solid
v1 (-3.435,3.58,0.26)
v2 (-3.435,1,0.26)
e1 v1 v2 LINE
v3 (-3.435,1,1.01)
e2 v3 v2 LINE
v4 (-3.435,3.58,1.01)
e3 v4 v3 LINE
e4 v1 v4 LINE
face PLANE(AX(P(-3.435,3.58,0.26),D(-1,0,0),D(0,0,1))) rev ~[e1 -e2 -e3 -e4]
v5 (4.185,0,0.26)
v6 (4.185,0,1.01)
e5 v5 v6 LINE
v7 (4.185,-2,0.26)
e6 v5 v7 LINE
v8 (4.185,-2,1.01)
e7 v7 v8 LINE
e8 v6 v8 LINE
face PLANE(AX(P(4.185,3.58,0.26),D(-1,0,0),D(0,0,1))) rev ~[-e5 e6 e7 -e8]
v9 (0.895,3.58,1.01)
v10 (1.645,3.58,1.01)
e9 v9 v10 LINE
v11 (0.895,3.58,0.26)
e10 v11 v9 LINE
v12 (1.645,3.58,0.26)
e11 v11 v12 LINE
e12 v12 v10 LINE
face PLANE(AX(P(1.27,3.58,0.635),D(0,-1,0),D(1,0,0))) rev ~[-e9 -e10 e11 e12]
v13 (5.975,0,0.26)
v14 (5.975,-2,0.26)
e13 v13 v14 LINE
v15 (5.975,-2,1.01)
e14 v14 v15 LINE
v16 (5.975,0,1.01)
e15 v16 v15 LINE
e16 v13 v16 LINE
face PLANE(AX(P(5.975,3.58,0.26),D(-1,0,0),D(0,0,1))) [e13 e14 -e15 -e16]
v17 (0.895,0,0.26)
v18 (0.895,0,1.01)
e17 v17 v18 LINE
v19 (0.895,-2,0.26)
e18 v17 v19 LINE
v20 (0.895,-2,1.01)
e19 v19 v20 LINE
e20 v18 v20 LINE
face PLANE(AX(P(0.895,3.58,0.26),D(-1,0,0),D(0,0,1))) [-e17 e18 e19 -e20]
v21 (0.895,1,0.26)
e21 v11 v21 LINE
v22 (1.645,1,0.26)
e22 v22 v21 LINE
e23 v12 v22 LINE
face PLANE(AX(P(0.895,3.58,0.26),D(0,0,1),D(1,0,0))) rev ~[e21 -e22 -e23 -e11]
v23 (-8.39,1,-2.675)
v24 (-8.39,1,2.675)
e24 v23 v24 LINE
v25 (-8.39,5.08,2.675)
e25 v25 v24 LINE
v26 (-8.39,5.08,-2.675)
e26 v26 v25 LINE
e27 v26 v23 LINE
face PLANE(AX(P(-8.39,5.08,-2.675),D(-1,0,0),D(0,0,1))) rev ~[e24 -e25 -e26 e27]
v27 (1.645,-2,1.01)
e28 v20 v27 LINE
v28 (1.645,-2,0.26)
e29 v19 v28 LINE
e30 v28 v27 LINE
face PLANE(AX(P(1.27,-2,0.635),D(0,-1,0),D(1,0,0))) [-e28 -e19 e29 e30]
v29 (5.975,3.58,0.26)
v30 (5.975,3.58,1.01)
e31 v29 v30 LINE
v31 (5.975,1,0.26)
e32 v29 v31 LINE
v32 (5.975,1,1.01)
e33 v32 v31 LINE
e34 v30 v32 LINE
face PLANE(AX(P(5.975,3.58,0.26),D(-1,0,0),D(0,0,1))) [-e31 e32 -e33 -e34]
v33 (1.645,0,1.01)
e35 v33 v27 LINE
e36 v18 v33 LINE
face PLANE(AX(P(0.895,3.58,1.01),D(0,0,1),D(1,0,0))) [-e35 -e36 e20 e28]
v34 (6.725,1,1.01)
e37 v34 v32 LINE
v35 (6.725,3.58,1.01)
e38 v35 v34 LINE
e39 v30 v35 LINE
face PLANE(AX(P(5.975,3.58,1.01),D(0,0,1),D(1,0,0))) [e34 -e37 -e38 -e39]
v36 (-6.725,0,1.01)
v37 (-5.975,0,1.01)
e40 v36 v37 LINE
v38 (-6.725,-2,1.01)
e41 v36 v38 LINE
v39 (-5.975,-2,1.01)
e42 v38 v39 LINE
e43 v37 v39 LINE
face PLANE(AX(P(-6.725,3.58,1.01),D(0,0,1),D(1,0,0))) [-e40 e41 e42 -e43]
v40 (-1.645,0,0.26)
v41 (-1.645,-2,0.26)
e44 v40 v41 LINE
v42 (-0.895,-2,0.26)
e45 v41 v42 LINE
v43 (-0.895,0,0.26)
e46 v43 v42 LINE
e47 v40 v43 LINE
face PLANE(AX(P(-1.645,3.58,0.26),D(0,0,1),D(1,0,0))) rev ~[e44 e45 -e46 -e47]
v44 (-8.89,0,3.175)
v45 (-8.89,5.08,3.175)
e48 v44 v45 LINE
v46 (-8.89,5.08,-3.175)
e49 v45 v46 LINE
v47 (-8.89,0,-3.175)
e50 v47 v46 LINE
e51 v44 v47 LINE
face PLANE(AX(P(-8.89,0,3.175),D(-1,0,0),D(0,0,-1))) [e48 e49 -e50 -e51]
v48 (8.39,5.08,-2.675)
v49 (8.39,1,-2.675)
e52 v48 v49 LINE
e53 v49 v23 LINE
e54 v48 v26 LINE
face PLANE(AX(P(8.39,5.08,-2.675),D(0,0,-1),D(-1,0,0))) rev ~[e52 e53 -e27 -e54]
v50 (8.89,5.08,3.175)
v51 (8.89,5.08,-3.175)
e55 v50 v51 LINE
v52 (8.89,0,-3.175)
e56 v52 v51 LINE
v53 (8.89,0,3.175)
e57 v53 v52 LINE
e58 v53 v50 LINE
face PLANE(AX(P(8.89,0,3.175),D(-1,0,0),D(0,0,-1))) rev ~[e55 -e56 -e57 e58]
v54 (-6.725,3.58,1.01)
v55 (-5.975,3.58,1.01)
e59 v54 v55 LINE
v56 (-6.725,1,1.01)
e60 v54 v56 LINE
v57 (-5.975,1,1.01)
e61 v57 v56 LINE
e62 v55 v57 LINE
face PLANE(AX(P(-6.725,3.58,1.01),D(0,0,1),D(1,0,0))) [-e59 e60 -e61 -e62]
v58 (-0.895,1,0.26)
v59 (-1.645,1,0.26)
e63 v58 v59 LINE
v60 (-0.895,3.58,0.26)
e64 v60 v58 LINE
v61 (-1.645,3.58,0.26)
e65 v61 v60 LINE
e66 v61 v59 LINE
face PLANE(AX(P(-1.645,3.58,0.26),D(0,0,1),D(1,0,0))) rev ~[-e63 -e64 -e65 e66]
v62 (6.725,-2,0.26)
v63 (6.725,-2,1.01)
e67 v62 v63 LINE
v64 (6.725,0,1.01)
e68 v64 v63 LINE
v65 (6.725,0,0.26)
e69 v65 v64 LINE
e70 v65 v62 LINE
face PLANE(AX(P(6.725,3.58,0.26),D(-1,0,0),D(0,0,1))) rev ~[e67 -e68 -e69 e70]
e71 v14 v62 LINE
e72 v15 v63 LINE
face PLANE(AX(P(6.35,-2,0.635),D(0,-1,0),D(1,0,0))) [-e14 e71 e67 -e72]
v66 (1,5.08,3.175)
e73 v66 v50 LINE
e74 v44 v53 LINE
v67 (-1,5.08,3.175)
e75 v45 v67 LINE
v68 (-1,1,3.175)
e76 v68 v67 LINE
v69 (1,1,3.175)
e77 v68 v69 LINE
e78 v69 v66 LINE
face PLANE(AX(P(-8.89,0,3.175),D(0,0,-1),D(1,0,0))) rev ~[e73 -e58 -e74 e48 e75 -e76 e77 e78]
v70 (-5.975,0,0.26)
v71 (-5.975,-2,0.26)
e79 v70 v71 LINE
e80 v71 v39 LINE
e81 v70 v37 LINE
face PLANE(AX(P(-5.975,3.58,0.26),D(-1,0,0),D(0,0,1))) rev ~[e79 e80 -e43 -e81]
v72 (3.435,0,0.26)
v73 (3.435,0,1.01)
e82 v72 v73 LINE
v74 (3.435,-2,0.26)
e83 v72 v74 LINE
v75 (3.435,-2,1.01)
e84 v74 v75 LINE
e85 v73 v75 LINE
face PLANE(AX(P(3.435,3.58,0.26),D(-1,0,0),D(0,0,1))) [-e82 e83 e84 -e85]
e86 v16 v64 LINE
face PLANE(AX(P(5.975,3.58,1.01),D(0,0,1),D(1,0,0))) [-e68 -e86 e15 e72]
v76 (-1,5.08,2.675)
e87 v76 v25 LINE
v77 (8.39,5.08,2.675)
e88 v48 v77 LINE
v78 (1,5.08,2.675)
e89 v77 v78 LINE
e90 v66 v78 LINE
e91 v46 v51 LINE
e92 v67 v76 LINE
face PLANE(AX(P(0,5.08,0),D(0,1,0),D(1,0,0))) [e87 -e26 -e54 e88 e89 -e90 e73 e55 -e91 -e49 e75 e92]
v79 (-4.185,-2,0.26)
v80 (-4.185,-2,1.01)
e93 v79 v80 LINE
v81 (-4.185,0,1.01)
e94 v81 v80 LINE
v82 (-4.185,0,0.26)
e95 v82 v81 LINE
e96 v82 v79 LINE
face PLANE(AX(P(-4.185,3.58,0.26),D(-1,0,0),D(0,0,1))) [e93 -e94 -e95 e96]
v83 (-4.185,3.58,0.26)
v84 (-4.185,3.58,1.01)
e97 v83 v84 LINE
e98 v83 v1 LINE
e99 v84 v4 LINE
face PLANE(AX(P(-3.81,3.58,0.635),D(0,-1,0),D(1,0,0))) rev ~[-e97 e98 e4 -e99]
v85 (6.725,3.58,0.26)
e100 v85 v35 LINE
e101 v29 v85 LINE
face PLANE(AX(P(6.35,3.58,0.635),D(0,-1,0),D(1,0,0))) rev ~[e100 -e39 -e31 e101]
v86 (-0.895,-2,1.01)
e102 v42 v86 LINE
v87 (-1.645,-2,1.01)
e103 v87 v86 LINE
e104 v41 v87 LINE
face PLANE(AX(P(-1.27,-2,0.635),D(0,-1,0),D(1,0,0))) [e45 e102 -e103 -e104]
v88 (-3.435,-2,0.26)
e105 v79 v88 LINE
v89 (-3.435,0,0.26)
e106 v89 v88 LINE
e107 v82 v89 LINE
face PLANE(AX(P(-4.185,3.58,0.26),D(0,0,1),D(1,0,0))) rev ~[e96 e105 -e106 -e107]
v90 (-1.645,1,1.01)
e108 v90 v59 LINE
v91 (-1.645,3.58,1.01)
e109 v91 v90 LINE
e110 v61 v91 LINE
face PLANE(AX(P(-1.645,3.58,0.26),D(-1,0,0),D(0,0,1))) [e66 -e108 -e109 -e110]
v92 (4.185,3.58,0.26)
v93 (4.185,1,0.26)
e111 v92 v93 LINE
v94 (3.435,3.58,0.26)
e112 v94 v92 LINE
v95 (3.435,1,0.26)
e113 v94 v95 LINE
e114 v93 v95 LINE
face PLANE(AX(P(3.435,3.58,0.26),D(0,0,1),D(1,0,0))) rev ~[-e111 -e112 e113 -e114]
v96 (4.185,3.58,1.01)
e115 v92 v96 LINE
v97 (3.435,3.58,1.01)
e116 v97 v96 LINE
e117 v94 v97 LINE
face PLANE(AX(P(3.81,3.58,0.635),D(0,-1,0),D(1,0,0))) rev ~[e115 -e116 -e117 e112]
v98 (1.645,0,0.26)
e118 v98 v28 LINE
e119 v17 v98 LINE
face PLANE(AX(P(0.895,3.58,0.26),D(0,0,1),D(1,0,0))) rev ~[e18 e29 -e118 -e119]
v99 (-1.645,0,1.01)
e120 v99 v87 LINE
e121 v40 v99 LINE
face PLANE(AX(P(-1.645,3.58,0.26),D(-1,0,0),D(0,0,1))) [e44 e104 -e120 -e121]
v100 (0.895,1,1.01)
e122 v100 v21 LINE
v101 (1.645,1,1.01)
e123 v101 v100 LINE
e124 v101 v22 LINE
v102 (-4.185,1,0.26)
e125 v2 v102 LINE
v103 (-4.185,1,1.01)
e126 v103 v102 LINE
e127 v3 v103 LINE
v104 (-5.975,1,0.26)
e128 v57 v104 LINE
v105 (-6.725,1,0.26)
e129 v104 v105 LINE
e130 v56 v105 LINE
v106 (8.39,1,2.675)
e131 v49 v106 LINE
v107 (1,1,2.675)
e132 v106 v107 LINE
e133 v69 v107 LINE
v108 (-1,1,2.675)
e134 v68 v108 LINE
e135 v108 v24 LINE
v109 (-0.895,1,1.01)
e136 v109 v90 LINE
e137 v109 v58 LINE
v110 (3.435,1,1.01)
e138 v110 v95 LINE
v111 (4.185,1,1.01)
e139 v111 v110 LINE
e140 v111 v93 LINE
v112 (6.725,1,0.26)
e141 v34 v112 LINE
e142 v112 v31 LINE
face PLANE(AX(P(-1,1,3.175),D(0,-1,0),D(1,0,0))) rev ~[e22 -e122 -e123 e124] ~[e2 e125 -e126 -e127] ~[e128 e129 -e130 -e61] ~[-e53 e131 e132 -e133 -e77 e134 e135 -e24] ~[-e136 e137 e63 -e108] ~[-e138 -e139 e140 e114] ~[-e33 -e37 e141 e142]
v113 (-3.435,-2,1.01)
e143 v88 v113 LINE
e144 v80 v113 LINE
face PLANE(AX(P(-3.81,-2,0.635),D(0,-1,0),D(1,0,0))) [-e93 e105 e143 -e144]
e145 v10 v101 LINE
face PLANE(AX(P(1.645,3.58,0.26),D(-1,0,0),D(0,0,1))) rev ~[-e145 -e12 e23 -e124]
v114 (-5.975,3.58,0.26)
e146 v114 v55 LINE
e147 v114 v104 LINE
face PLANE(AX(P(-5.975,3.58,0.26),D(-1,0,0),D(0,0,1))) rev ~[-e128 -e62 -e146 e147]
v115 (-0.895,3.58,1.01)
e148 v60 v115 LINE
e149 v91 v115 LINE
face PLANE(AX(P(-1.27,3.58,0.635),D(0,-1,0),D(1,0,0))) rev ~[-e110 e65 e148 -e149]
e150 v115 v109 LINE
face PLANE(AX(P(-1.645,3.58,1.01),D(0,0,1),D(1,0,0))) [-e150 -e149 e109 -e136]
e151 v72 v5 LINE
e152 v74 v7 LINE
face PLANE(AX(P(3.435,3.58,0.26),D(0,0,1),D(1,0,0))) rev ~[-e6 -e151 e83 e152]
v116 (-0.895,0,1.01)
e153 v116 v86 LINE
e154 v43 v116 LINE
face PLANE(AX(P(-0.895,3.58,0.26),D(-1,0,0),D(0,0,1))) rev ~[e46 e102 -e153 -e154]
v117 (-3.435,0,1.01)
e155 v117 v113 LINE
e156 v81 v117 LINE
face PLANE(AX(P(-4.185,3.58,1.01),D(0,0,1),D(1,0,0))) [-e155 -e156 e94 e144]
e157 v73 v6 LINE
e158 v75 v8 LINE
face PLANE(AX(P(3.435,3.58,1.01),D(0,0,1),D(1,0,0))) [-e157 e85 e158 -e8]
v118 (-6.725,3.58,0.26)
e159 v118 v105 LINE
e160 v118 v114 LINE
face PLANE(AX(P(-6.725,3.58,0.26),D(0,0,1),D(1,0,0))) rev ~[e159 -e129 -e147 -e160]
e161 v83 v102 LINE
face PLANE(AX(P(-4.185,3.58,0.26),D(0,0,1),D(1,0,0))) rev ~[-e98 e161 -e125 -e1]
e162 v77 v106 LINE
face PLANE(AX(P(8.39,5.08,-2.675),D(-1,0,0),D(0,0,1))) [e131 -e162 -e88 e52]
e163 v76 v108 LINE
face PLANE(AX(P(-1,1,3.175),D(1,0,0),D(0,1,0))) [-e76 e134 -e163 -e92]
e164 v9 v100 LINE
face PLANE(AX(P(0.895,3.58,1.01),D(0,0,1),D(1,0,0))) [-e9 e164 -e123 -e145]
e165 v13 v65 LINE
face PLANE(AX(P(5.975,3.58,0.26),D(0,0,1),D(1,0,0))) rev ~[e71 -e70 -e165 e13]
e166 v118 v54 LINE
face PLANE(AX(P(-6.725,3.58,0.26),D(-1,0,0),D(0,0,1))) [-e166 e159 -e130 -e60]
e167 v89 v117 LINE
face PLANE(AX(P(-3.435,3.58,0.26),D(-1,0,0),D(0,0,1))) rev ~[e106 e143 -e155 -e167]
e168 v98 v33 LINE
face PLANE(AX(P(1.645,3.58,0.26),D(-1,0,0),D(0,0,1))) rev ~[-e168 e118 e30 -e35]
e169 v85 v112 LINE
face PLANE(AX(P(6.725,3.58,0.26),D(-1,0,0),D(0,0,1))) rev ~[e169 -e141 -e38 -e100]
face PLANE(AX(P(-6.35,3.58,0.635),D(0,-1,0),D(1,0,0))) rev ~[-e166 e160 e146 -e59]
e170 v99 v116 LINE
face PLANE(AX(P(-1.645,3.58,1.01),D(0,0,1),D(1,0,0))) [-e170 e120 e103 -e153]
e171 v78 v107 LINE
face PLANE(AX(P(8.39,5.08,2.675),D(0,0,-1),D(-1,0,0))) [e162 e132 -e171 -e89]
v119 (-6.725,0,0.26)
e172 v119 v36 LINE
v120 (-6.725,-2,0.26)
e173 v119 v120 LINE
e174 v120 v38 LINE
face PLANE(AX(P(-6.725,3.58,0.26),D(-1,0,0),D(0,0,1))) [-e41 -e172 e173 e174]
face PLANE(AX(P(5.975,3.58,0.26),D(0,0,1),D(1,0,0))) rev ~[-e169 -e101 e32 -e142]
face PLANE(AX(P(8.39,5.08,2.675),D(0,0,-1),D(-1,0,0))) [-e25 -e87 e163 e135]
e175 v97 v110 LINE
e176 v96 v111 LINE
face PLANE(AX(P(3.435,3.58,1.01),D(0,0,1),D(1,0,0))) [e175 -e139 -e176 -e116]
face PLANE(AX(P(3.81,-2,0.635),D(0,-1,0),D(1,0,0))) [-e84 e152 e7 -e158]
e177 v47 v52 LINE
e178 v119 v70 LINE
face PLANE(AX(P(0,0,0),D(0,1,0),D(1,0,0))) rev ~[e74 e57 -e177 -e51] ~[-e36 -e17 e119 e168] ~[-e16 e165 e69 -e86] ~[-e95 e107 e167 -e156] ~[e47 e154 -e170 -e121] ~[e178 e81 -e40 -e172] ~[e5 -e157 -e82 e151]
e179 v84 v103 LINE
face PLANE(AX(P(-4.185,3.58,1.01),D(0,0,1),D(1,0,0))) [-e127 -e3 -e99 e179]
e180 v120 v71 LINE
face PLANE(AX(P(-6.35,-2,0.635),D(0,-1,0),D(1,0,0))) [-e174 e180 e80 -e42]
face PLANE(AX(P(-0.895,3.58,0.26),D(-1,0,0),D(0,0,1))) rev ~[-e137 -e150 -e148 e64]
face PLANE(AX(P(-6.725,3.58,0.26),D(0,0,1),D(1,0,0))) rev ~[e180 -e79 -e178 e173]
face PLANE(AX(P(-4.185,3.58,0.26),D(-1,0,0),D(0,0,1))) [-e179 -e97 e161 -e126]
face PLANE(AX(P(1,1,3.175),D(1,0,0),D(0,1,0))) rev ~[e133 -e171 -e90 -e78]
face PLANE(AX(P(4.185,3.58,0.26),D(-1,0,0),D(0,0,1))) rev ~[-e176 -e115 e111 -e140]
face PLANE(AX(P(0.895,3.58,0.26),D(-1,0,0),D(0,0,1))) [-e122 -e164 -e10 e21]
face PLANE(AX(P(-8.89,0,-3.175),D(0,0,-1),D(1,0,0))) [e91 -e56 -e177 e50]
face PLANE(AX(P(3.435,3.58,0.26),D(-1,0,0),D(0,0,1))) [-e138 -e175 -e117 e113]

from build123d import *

# Parameters (mm, degrees)
SKETCH_1_W           = 17.78
SKETCH_1_H           = 6.35
EXTRUDE_1_DEPTH      = 5.08
SKETCH_2_W           = 16.78
SKETCH_2_H           = 5.35
CUT_EXTRUDE_1_DEPTH  = 4.08
SKETCH_3_W           = 2
SKETCH_3_H           = 4.08
CUT_EXTRUDE_2_DEPTH  = 1
EXTRUDE_2_DEPTH      = 2
EXTRUDE_2_DEPTH_BACK = 3.58
SKETCH_4_W           = 0.75
SKETCH_4_H           = 0.75


with BuildPart() as part:
    # 草图1 → 拉伸1 (new body)
    with BuildSketch(Plane(origin=(0, 0, 0), x_dir=(1, 0, 0), z_dir=(0, 1, 0))):
        Rectangle(SKETCH_1_W, SKETCH_1_H)
    extrude(amount=EXTRUDE_1_DEPTH)

    # 草图2 → 切除-拉伸1 (cut)
    with BuildSketch(Plane(origin=(0, 5.08, 0), x_dir=(-1, 0, 0), z_dir=(0, 1, 0))):
        Rectangle(SKETCH_2_W, SKETCH_2_H)
    extrude(amount=-CUT_EXTRUDE_1_DEPTH, mode=Mode.SUBTRACT)

    # 草图3 → 切除-拉伸2 (cut)
    with BuildSketch(Plane.XY.offset(3.175)):
        with Locations((0, 3.04)):
            Rectangle(SKETCH_3_W, SKETCH_3_H)
    extrude(amount=-CUT_EXTRUDE_2_DEPTH, mode=Mode.SUBTRACT)

    # 草图4 → 拉伸2 (add, two sides: drawn at the far end of the back side and taken through both)
    with BuildSketch(Plane.XZ.offset(-EXTRUDE_2_DEPTH_BACK)):
        with Locations((-1.27, 0.635)):
            Rectangle(SKETCH_4_W, SKETCH_4_H)
        with Locations((1.27, 0.635)):
            Rectangle(SKETCH_4_W, SKETCH_4_H)
        with Locations((3.81, 0.635)):
            Rectangle(SKETCH_4_W, SKETCH_4_H)
        with Locations((6.35, 0.635)):
            Rectangle(SKETCH_4_W, SKETCH_4_H)
        with Locations((-3.81, 0.635)):
            Rectangle(SKETCH_4_W, SKETCH_4_H)
        with Locations((-6.35, 0.635)):
            Rectangle(SKETCH_4_W, SKETCH_4_H)
    extrude(amount=EXTRUDE_2_DEPTH + EXTRUDE_2_DEPTH_BACK)


solid = part.part
